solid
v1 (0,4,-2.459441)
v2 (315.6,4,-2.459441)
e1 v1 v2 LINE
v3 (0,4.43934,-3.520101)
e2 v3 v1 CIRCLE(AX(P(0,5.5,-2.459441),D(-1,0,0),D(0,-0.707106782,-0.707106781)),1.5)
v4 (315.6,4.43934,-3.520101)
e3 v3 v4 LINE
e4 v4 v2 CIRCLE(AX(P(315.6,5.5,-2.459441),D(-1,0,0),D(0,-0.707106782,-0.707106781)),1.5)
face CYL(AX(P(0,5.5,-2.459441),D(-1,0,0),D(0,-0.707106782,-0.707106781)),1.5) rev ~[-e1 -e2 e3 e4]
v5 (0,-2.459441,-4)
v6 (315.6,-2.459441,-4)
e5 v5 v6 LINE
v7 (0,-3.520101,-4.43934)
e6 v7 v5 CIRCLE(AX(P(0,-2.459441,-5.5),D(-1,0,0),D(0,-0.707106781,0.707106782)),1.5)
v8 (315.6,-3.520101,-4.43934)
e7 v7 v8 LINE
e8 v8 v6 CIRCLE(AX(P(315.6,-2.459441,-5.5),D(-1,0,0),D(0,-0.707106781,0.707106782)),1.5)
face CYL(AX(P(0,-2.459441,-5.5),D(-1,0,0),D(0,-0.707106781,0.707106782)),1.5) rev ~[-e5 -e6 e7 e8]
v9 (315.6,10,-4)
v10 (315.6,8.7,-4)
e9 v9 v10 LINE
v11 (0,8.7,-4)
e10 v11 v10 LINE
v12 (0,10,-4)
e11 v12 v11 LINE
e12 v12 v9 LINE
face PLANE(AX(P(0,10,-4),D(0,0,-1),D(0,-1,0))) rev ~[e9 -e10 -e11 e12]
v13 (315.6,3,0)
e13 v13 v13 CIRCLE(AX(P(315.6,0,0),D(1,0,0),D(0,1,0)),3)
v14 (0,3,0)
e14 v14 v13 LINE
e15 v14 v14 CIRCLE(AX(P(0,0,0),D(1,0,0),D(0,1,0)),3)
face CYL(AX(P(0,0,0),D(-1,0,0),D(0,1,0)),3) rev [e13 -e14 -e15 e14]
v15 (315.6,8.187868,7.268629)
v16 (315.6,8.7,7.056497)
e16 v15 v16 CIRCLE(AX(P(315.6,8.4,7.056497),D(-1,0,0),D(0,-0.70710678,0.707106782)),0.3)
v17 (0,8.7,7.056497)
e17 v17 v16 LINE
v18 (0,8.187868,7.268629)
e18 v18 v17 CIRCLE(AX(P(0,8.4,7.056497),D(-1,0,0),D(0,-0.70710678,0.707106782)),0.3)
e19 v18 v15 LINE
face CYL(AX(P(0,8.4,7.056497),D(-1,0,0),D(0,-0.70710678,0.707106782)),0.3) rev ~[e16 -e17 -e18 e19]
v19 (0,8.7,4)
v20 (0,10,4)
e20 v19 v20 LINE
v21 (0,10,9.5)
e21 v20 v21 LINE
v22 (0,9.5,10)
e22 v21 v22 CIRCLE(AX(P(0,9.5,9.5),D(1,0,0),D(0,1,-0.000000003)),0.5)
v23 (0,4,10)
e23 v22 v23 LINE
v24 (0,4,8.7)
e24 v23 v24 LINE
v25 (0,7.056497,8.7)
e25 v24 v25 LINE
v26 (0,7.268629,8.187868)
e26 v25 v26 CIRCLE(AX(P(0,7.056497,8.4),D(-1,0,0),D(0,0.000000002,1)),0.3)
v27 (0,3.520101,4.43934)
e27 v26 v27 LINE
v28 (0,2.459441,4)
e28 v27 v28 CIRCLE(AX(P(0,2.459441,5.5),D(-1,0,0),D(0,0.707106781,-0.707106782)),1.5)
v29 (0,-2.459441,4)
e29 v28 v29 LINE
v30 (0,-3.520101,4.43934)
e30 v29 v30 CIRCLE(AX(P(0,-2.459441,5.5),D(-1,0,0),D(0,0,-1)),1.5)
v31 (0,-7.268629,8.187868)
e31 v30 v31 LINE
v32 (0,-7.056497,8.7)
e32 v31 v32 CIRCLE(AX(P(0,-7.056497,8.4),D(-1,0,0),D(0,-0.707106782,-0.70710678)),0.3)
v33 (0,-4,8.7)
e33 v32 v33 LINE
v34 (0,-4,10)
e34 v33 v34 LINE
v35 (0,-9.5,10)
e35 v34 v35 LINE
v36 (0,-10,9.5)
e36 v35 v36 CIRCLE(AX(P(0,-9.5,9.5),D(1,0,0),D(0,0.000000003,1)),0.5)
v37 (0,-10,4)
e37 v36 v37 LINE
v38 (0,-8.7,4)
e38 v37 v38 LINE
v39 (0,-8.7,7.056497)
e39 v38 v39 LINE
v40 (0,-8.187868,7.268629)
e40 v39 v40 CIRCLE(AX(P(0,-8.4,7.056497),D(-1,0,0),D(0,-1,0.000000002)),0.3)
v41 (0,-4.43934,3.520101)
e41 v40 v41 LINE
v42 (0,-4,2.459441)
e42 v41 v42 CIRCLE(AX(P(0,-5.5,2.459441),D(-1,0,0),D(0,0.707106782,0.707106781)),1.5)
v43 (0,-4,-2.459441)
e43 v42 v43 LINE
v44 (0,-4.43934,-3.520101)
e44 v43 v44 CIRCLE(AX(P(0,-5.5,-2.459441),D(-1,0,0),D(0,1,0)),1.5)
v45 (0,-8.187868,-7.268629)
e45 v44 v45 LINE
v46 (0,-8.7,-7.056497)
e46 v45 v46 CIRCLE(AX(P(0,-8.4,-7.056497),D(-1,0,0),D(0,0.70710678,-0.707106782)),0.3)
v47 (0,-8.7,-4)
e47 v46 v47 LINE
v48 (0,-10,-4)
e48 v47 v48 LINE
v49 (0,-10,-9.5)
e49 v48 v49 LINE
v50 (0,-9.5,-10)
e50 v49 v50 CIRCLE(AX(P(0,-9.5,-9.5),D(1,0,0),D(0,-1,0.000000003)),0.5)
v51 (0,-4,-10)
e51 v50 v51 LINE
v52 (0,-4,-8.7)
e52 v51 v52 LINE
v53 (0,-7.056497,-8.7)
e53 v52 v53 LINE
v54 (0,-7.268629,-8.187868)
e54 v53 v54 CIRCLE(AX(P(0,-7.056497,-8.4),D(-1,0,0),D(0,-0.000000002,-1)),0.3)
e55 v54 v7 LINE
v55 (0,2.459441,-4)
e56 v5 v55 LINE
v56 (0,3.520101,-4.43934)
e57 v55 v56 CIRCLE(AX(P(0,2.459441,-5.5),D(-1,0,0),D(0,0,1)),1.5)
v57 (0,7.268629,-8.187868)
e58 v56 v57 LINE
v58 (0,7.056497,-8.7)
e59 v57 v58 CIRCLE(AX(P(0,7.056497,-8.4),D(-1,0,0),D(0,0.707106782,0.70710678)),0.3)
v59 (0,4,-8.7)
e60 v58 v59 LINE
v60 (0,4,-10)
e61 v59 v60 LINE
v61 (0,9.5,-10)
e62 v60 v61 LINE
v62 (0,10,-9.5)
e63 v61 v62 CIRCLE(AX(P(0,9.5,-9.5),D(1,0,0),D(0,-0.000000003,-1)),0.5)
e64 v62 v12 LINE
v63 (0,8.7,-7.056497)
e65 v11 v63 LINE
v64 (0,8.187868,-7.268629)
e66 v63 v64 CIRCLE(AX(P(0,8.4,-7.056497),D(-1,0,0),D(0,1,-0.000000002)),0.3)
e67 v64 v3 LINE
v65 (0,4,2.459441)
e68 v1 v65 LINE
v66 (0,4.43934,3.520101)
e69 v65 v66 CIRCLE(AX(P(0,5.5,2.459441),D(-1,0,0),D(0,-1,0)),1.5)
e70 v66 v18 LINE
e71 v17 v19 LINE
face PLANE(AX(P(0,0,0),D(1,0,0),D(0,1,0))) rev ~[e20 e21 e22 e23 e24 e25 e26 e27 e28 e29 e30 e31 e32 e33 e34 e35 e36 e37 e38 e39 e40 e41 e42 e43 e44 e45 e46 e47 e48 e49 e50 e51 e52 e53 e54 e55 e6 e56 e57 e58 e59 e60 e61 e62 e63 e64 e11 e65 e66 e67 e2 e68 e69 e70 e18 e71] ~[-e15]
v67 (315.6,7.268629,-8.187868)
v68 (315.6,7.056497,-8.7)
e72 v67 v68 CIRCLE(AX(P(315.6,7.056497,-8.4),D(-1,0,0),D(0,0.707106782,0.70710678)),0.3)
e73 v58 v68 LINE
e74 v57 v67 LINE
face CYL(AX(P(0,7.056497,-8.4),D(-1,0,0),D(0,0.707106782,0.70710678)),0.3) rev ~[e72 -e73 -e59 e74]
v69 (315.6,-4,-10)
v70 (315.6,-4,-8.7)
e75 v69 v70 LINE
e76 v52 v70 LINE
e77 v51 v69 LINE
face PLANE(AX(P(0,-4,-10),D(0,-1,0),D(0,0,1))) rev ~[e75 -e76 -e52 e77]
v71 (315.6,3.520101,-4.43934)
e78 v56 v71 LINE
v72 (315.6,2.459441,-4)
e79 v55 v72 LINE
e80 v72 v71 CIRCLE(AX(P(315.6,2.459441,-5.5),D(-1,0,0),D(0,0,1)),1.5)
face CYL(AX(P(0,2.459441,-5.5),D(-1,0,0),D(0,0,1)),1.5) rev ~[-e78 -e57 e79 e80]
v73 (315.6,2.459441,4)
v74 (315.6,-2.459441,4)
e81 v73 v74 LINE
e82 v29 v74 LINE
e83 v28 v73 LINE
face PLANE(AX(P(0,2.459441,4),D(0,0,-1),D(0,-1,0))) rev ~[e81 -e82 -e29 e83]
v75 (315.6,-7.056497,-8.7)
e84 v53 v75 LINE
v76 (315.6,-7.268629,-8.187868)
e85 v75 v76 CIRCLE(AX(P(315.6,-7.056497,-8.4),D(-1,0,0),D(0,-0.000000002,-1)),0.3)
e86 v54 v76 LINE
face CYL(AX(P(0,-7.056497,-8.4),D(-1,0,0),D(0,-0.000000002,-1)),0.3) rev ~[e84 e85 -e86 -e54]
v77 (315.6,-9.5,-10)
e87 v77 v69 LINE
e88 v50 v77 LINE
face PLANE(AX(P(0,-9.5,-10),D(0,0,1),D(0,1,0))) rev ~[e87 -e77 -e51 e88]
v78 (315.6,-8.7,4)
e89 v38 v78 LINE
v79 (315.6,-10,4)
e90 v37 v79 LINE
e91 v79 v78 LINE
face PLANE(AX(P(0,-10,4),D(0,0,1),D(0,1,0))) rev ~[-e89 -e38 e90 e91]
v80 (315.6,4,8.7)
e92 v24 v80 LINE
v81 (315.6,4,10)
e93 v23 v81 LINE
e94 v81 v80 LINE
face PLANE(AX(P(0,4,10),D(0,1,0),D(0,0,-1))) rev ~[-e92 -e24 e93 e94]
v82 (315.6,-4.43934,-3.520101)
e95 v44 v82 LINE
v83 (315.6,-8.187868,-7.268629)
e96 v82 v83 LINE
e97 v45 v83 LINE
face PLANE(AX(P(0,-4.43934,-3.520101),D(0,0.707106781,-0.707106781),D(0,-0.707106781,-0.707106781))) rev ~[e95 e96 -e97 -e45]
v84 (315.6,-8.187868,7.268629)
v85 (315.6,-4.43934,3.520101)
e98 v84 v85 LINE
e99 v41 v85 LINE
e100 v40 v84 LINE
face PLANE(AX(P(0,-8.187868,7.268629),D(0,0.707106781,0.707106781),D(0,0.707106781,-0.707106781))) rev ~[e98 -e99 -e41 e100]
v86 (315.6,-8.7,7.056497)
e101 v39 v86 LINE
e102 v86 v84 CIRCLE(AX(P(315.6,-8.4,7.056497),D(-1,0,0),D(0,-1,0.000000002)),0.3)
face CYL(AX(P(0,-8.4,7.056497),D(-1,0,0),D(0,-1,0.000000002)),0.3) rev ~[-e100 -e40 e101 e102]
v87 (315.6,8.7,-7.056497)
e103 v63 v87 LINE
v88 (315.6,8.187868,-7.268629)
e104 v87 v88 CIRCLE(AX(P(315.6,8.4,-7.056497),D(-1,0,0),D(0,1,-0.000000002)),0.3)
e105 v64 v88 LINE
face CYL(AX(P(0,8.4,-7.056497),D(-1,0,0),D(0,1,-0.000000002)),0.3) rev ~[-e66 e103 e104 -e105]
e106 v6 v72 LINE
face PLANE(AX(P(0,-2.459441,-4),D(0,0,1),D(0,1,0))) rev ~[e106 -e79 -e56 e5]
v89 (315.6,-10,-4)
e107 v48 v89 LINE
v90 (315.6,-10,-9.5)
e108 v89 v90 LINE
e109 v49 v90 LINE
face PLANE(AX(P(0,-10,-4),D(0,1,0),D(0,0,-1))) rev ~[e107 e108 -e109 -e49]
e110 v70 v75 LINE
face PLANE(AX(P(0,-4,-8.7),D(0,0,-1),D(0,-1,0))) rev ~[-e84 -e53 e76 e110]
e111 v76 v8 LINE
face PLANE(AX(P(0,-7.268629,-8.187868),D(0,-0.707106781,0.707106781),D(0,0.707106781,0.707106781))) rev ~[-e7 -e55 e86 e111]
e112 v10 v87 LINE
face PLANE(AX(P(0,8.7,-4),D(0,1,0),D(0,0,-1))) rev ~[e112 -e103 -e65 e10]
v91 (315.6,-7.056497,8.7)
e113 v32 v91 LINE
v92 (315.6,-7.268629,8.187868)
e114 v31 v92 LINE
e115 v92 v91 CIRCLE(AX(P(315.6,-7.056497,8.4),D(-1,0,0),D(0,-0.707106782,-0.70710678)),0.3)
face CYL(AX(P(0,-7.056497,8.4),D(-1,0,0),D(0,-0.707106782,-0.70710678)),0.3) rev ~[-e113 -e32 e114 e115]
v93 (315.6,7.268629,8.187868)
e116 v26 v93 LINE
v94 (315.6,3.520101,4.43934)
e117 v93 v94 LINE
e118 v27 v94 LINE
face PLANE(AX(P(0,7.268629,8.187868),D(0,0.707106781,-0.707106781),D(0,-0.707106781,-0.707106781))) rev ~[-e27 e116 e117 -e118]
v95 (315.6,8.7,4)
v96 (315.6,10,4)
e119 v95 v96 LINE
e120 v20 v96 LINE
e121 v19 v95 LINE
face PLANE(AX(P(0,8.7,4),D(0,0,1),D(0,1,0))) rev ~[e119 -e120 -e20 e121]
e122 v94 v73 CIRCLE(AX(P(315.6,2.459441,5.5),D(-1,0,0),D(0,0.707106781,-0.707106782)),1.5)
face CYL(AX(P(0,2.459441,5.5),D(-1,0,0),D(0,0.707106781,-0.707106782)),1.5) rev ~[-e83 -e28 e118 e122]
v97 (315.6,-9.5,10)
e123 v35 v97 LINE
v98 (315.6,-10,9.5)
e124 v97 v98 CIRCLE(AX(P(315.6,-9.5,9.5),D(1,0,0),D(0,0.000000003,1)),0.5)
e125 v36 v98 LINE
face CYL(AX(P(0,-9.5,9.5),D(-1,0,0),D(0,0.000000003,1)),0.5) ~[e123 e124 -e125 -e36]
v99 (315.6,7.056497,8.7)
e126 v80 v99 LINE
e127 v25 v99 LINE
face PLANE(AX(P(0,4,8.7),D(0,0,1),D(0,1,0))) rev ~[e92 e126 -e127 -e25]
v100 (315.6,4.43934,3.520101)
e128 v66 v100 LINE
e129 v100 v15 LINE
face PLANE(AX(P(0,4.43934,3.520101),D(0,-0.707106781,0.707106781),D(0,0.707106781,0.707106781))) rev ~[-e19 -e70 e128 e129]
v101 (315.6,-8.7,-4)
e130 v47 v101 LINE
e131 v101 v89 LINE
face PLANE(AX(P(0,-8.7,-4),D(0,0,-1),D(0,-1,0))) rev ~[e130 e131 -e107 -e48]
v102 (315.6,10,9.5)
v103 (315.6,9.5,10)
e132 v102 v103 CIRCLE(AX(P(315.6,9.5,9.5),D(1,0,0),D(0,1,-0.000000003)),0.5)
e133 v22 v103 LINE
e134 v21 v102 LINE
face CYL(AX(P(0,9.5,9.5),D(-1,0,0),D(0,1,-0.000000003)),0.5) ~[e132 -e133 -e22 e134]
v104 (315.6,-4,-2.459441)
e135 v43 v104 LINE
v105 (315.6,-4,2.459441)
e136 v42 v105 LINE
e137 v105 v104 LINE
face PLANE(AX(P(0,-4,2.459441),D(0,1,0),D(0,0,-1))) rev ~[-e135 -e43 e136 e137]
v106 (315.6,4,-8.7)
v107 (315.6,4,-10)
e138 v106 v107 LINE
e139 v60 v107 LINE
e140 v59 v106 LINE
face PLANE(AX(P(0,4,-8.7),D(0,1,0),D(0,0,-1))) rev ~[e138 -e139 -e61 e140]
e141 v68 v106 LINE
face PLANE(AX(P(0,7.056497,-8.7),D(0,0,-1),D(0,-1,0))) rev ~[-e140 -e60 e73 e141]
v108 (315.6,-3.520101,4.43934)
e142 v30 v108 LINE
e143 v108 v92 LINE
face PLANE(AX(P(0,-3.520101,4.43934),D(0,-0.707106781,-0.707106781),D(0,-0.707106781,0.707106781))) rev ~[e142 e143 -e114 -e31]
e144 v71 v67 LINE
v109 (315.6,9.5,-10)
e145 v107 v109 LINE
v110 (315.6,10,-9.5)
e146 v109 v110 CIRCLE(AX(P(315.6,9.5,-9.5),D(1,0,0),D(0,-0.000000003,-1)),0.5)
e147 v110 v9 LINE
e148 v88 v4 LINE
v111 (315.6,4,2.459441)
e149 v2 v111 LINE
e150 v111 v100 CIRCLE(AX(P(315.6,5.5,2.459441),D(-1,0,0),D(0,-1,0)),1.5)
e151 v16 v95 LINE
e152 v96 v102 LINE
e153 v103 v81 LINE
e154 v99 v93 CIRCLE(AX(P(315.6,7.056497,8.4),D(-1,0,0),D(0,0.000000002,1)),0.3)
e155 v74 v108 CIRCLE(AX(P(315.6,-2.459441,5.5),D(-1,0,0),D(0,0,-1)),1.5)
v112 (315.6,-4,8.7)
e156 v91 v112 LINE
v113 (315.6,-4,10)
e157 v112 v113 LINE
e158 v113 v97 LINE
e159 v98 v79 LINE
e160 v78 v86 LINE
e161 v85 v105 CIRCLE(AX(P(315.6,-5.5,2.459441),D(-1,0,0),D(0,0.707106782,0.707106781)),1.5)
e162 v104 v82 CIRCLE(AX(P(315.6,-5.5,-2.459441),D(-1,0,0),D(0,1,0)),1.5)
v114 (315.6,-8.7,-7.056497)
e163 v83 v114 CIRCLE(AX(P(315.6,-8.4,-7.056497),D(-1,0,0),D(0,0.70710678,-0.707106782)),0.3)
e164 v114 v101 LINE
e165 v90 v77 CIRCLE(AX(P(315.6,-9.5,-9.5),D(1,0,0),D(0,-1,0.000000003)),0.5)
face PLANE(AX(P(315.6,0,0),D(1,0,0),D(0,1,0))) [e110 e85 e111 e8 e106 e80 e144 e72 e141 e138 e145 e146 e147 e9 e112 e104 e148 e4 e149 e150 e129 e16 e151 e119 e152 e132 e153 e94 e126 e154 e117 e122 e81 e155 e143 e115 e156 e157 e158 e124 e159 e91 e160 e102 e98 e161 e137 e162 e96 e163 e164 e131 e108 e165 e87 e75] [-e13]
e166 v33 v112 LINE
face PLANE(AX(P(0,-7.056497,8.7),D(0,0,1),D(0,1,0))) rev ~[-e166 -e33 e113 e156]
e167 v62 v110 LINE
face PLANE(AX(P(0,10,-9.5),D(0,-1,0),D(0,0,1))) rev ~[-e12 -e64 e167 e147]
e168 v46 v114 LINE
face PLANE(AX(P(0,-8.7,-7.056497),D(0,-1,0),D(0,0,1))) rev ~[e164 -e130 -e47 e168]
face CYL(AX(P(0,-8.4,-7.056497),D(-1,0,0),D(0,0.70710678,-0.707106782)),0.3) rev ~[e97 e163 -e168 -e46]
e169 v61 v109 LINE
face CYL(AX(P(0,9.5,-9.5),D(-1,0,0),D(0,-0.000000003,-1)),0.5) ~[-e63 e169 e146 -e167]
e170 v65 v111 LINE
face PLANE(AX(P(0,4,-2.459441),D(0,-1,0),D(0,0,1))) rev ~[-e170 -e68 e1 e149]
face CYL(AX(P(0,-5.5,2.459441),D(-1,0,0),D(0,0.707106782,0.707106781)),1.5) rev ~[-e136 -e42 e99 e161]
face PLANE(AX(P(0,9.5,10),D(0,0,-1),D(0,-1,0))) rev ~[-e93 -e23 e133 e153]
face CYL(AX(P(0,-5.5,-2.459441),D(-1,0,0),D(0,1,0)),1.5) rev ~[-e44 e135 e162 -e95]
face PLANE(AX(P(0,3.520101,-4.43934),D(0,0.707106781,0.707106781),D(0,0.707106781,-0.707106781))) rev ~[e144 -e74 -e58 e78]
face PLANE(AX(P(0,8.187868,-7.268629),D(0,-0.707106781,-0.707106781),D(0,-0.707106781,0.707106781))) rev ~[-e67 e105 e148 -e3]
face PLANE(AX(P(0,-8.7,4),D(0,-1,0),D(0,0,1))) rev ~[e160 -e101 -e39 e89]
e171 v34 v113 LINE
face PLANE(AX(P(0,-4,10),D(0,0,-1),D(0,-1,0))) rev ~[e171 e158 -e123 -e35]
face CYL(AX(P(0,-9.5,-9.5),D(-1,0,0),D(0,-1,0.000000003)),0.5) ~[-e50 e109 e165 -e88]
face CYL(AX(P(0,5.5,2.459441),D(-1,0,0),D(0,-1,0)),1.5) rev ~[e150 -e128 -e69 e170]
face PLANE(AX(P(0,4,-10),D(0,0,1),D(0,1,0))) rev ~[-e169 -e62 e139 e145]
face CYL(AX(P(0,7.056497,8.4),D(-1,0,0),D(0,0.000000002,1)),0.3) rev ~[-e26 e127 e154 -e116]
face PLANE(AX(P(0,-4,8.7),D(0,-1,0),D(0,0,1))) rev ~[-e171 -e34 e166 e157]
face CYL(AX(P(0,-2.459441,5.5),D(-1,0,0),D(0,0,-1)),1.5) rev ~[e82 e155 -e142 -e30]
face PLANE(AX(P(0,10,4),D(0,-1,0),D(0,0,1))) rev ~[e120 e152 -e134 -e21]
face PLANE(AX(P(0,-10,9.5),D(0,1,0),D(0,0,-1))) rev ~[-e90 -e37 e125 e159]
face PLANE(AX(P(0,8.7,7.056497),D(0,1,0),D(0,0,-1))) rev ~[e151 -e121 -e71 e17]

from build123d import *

# Parameters (mm, degrees)
SKETCH1_R                                   = 3
QUADRADO_PF20_01_PERFIL_2020_B_SICO_1_DEPTH = 315.6


with BuildPart() as part:
    # Sketch1 → Quadrado PF20-01 - PERFIL 2020 BÁSICO(1) (new body)
    with BuildSketch(Plane.YZ):
        with BuildLine():
            Line((8.187867966, -7.26862915), (4.439339828, -3.520101013))
            ThreePointArc((4.439339828, -3.520101013), (4.114180701, -3.033465989), (4, -2.459440841))
            Line((4, -2.459440841), (4, 2.459440841))
            ThreePointArc((4, 2.459440841), (4.114180701, 3.033465989), (4.439339828, 3.520101013))
            Line((4.439339828, 3.520101013), (8.187867966, 7.26862915))
            ThreePointArc((8.187867966, 7.26862915), (8.51480503, 7.333660975), (8.7, 7.056497116))
            Line((8.7, 7.056497116), (8.7, 4))
            Line((8.7, 4), (10, 4))
            Line((10, 4), (10, 9.5))
            ThreePointArc((10, 9.5), (9.853553391, 9.853553391), (9.5, 10))
            Line((9.5, 10), (4, 10))
            Line((4, 10), (4, 8.7))
            Line((4, 8.7), (7.056497116, 8.7))
            ThreePointArc((7.056497116, 8.7), (7.333660975, 8.51480503), (7.26862915, 8.187867966))
            Line((7.26862915, 8.187867966), (3.520101013, 4.439339828))
            ThreePointArc((3.520101013, 4.439339828), (3.033465989, 4.114180701), (2.459440841, 4))
            Line((2.459440841, 4), (-2.459440841, 4))
            ThreePointArc((-2.459440841, 4), (-3.033465989, 4.114180701), (-3.520101013, 4.439339828))
            Line((-3.520101013, 4.439339828), (-7.26862915, 8.187867966))
            ThreePointArc((-7.26862915, 8.187867966), (-7.333660975, 8.51480503), (-7.056497116, 8.7))
            Line((-7.056497116, 8.7), (-4, 8.7))
            Line((-4, 8.7), (-4, 10))
            Line((-4, 10), (-9.5, 10))
            ThreePointArc((-9.5, 10), (-9.853553391, 9.853553391), (-10, 9.5))
            Line((-10, 9.5), (-10, 4))
            Line((-10, 4), (-8.7, 4))
            Line((-8.7, 4), (-8.7, 7.056497116))
            ThreePointArc((-8.7, 7.056497116), (-8.51480503, 7.333660975), (-8.187867966, 7.26862915))
            Line((-8.187867966, 7.26862915), (-4.439339828, 3.520101013))
            ThreePointArc((-4.439339828, 3.520101013), (-4.114180701, 3.033465989), (-4, 2.459440841))
            Line((-4, 2.459440841), (-4, -2.459440841))
            ThreePointArc((-4, -2.459440841), (-4.114180701, -3.033465989), (-4.439339828, -3.520101013))
            Line((-4.439339828, -3.520101013), (-8.187867966, -7.26862915))
            ThreePointArc((-8.187867966, -7.26862915), (-8.51480503, -7.333660975), (-8.7, -7.056497116))
            Line((-8.7, -7.056497116), (-8.7, -4))
            Line((-8.7, -4), (-10, -4))
            Line((-10, -4), (-10, -9.5))
            ThreePointArc((-10, -9.5), (-9.853553391, -9.853553391), (-9.5, -10))
            Line((-9.5, -10), (-4, -10))
            Line((-4, -10), (-4, -8.7))
            Line((-4, -8.7), (-7.056497116, -8.7))
            ThreePointArc((-7.056497116, -8.7), (-7.333660975, -8.51480503), (-7.26862915, -8.187867966))
            Line((-7.26862915, -8.187867966), (-3.520101013, -4.439339828))
            ThreePointArc((-3.520101013, -4.439339828), (-3.033465989, -4.114180701), (-2.459440841, -4))
            Line((-2.459440841, -4), (2.459440841, -4))
            ThreePointArc((2.459440841, -4), (3.033465989, -4.114180701), (3.520101013, -4.439339828))
            Line((3.520101013, -4.439339828), (7.26862915, -8.187867966))
            ThreePointArc((7.26862915, -8.187867966), (7.333660975, -8.51480503), (7.056497116, -8.7))
            Line((7.056497116, -8.7), (4, -8.7))
            Line((4, -8.7), (4, -10))
            Line((4, -10), (9.5, -10))
            ThreePointArc((9.5, -10), (9.853553391, -9.853553391), (10, -9.5))
            Line((10, -9.5), (10, -4))
            Line((10, -4), (8.7, -4))
            Line((8.7, -4), (8.7, -7.056497116))
            ThreePointArc((8.7, -7.056497116), (8.51480503, -7.333660975), (8.187867966, -7.26862915))
        make_face()
        Circle(SKETCH1_R, mode=Mode.SUBTRACT)
    extrude(amount=QUADRADO_PF20_01_PERFIL_2020_B_SICO_1_DEPTH)


solid = part.part
